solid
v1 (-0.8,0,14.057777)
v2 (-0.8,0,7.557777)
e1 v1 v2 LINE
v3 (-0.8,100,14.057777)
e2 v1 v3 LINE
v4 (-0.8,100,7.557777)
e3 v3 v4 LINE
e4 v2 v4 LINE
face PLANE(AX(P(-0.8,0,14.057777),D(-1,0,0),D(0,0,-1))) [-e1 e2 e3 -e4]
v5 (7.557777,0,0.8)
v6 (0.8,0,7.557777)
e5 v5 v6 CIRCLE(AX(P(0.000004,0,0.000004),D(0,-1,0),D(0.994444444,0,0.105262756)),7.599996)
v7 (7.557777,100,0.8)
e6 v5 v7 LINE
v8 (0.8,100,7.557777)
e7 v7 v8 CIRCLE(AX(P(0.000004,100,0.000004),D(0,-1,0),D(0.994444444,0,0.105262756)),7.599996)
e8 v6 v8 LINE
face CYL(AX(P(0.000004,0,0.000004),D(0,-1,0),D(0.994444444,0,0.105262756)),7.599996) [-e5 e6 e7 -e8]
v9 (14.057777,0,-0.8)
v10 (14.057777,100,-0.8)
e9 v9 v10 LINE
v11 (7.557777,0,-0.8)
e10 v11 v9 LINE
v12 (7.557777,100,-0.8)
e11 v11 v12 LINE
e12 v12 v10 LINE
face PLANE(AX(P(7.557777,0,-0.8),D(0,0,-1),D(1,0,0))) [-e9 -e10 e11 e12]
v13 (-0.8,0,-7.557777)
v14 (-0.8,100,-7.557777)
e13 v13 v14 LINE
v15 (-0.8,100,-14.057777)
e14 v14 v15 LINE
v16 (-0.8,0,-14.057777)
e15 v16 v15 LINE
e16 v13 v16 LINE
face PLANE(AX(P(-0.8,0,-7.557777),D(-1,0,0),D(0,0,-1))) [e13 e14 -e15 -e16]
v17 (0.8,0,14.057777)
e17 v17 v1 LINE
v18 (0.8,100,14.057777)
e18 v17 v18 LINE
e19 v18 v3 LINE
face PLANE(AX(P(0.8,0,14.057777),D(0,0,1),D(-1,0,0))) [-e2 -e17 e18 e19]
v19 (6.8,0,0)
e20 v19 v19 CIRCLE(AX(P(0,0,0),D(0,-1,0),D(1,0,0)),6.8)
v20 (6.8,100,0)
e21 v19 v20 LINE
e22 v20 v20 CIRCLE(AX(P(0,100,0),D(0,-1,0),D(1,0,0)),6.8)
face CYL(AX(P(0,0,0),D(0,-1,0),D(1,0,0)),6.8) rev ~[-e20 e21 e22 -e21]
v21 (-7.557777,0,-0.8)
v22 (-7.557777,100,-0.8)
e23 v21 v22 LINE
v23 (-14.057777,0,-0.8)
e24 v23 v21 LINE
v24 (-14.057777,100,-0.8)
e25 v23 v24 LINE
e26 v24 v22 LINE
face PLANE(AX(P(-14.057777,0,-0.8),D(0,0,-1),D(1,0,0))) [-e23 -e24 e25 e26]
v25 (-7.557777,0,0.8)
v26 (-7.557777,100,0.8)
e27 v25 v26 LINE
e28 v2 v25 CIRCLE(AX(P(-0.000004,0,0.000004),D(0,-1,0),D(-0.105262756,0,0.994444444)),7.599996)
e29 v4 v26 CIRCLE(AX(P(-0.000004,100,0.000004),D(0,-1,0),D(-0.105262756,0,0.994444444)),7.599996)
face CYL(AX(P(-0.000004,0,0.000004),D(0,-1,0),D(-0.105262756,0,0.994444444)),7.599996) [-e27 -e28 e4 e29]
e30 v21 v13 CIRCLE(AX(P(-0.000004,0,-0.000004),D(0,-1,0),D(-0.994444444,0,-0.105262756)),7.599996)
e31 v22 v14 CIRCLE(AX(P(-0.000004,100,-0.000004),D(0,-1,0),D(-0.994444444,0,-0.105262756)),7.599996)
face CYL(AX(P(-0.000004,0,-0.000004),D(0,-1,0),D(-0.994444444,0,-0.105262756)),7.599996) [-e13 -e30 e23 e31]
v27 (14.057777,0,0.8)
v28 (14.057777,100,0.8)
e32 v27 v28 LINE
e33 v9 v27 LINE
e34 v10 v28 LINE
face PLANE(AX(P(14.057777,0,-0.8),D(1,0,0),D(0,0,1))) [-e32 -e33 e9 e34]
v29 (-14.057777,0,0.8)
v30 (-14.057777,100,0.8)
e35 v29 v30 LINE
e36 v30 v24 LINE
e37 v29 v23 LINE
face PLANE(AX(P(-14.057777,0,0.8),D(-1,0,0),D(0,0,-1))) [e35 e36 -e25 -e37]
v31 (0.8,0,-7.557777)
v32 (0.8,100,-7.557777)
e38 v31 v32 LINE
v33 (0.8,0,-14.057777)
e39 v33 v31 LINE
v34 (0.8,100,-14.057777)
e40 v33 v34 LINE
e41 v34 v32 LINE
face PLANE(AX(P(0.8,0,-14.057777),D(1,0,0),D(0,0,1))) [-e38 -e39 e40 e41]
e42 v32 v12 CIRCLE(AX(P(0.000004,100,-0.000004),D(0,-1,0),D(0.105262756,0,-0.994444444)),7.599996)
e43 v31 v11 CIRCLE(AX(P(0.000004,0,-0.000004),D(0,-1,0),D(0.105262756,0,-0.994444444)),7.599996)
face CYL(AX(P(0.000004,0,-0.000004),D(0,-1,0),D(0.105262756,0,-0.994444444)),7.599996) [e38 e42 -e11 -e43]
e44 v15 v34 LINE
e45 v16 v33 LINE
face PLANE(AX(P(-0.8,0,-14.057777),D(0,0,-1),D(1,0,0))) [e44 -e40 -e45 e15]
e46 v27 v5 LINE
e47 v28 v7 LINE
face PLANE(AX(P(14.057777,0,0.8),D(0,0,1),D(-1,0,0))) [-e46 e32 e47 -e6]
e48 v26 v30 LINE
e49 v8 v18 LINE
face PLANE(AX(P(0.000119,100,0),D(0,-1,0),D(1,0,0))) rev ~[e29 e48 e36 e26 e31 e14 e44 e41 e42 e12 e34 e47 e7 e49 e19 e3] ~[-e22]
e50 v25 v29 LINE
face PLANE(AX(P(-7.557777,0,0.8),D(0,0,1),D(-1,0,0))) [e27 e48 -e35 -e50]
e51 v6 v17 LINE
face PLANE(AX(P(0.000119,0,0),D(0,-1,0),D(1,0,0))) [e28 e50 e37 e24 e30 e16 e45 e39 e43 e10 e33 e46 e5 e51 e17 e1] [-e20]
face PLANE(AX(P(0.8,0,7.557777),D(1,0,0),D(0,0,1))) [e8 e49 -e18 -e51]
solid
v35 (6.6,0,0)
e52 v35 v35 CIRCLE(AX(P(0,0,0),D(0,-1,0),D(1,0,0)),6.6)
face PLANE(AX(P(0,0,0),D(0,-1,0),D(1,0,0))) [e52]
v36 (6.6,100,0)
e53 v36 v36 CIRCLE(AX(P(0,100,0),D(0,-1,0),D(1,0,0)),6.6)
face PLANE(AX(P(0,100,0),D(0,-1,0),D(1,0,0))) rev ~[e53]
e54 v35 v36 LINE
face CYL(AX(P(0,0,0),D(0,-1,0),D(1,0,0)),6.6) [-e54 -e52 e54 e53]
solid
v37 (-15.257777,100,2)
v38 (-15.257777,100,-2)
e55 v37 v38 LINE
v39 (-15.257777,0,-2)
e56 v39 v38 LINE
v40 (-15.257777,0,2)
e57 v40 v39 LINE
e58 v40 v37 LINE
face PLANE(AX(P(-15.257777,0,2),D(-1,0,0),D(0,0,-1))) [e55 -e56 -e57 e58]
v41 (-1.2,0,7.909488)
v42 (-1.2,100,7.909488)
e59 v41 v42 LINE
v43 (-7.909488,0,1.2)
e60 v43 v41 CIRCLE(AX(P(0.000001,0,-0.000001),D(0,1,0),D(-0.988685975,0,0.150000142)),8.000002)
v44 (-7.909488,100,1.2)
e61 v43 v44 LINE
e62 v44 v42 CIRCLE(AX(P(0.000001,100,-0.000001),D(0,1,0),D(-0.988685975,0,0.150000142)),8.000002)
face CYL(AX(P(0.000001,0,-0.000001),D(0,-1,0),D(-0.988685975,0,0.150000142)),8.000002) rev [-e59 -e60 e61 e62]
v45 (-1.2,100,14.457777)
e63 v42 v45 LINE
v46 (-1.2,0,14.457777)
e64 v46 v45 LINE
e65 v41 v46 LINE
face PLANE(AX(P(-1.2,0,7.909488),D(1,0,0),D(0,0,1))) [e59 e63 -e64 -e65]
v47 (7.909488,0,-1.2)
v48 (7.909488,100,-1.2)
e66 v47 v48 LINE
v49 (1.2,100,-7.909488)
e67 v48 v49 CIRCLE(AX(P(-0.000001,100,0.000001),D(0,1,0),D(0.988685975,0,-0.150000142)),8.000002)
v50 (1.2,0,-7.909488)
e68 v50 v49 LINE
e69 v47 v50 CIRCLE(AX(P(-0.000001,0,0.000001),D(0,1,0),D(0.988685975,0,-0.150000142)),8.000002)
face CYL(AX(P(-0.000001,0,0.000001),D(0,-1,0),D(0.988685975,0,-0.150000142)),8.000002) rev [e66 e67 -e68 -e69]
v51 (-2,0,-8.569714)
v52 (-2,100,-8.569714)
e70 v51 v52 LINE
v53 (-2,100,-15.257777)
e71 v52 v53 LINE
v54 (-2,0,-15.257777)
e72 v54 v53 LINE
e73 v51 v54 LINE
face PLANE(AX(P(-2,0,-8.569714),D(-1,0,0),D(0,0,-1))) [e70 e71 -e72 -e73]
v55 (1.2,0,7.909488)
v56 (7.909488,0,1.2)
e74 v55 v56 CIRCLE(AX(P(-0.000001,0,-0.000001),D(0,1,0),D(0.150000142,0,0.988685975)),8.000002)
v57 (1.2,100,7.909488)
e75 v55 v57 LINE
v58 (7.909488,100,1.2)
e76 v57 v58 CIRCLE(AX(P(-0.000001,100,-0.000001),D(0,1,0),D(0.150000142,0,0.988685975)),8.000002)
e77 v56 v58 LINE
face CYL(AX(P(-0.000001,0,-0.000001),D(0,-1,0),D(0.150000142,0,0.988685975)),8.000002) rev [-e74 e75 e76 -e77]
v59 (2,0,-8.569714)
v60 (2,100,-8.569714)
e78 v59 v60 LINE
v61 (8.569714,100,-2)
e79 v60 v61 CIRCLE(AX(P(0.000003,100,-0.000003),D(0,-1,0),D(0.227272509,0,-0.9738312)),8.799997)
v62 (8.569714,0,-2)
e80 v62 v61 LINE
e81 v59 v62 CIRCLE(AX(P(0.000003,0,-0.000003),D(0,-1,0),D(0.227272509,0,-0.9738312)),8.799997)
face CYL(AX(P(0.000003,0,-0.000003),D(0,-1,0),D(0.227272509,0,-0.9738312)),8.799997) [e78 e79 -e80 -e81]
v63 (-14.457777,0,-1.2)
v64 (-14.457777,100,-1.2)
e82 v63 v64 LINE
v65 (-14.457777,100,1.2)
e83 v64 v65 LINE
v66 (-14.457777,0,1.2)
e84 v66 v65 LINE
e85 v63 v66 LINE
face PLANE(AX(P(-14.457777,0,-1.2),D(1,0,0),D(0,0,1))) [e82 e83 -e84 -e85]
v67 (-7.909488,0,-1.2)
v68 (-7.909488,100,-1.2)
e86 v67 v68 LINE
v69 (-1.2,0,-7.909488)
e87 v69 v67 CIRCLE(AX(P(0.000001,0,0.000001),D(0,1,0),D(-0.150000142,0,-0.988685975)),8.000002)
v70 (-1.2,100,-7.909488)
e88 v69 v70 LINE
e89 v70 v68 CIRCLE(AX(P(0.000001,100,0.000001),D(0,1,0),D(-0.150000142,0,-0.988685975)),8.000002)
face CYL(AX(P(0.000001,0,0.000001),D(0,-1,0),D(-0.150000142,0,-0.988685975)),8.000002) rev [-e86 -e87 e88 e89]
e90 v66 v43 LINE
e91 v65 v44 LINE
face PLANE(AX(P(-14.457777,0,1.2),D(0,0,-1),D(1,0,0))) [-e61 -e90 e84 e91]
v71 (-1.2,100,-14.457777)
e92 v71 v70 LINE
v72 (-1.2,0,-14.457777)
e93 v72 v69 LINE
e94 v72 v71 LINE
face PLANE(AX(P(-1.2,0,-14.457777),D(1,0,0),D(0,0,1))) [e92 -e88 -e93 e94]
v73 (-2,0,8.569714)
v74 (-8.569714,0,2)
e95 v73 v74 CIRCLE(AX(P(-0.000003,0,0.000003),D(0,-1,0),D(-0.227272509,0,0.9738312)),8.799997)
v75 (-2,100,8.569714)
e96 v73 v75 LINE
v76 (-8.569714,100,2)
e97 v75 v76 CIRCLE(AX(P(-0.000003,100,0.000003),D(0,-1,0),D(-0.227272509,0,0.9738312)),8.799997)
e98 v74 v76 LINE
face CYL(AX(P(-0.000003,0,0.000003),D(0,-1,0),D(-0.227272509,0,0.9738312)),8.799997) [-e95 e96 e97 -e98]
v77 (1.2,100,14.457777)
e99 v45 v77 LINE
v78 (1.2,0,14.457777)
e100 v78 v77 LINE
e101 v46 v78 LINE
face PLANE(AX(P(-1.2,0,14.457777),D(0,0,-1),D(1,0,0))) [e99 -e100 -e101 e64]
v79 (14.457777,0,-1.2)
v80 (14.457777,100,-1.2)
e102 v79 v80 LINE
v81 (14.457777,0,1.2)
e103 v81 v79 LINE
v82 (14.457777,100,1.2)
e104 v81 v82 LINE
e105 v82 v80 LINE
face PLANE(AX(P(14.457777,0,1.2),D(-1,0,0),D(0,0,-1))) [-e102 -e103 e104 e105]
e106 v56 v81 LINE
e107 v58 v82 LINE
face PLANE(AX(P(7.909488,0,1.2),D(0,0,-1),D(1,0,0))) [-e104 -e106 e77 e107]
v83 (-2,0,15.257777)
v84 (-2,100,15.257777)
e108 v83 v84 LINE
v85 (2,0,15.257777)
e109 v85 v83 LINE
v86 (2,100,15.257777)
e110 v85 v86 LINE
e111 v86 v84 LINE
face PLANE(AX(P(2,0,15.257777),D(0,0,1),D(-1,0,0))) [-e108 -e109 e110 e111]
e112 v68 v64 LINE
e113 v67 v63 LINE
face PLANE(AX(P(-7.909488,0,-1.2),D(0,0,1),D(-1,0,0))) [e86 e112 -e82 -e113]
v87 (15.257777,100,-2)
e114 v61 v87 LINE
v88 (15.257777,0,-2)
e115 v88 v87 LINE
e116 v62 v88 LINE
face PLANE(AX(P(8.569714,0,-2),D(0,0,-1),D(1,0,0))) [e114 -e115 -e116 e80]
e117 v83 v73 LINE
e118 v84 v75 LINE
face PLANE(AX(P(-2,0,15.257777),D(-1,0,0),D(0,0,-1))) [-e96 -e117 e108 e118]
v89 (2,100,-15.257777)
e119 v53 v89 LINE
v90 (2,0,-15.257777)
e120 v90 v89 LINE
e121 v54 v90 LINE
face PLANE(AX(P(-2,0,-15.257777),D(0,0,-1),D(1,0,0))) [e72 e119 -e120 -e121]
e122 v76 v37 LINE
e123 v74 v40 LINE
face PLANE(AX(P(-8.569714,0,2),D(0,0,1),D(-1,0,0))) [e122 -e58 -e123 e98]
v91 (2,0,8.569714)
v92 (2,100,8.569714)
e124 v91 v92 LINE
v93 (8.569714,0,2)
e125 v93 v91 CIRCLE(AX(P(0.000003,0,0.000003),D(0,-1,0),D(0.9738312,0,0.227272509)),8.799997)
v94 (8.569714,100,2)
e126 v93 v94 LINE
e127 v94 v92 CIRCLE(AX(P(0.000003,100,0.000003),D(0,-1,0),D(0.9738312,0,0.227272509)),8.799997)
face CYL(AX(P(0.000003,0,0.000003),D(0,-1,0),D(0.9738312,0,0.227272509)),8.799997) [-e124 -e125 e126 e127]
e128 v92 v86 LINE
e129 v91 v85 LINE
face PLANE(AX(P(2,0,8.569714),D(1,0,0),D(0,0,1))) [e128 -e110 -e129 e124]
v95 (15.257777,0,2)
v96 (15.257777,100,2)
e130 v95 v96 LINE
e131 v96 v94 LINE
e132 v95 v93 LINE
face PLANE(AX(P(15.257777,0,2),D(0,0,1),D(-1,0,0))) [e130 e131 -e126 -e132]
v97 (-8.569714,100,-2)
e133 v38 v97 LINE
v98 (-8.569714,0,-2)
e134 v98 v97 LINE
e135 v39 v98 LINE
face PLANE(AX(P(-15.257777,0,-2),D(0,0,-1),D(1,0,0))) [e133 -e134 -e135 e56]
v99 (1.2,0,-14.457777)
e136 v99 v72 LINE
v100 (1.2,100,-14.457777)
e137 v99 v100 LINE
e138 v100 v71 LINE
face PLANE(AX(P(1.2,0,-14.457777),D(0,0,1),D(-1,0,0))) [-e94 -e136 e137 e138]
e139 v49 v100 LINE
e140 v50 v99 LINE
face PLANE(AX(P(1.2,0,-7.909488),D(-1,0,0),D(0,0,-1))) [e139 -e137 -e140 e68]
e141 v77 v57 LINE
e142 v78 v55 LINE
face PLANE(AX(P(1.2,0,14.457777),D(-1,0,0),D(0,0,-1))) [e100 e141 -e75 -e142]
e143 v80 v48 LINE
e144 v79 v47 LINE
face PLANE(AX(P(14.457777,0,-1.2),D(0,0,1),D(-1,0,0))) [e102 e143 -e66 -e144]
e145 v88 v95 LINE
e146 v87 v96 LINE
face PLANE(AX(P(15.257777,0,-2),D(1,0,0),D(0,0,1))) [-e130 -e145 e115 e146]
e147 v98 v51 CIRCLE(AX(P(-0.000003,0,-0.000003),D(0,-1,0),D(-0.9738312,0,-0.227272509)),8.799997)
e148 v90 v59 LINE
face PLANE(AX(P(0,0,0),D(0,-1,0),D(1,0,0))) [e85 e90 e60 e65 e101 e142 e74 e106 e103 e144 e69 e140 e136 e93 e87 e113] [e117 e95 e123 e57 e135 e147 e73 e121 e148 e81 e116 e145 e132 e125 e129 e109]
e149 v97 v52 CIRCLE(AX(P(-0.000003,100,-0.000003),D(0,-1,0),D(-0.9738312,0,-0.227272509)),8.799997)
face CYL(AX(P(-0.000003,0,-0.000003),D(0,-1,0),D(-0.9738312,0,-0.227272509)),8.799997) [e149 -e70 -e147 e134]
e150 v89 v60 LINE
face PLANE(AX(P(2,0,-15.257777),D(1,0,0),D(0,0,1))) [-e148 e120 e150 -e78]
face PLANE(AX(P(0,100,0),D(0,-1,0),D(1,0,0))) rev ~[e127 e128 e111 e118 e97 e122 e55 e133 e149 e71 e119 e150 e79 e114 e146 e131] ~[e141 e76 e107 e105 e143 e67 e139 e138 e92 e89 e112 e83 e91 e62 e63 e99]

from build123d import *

# Parameters (mm, degrees)
F0_R     = 6.6
F1_DEPTH = 100
F0_R_2   = 6.8
F2_DEPTH = 100
F3_DEPTH = 100


with BuildPart() as f1:
    # F0 (on Front) → F1 (new body)
    with BuildSketch(Plane.XZ):
        Circle(F0_R)
    extrude(amount=-F1_DEPTH)


with BuildPart() as f2:
    # F0 (on Front) → F2 (new body)
    with BuildSketch(Plane.XZ):
        with BuildLine():
            ThreePointArc((7.557777, -0.8), (7.589437, -0.400557), (7.6, 0))
            ThreePointArc((7.6, 0), (7.589437, 0.400557), (7.557777, 0.8))
            ThreePointArc((7.557777, 0.8), (5.374012, 5.374012), (0.8, 7.557777))
            ThreePointArc((0.8, 7.557777), (0, 7.6), (-0.8, 7.557777))
            ThreePointArc((-0.8, 7.557777), (-5.374012, 5.374012), (-7.557777, 0.8))
            ThreePointArc((-7.557777, 0.8), (-7.6, 0), (-7.557777, -0.8))
            ThreePointArc((-7.557777, -0.8), (-5.374012, -5.374012), (-0.8, -7.557777))
            ThreePointArc((-0.8, -7.557777), (0, -7.6), (0.8, -7.557777))
            ThreePointArc((0.8, -7.557777), (5.374012, -5.374012), (7.557777, -0.8))
        make_face()
        Circle(F0_R_2, mode=Mode.SUBTRACT)
        with BuildLine():
            ThreePointArc((-0.8, 7.557777), (0, 7.6), (0.8, 7.557777))
            Line((0.8, 7.557777), (0.8, 14.057777))
            Line((0.8, 14.057777), (-0.8, 14.057777))
            Line((-0.8, 14.057777), (-0.8, 7.557777))
        make_face()
        with BuildLine():
            ThreePointArc((7.557777, 0.8), (7.589437, 0.400557), (7.6, 0))
            ThreePointArc((7.6, 0), (7.589437, -0.400557), (7.557777, -0.8))
            Line((7.557777, -0.8), (14.057777, -0.8))
            Line((14.057777, -0.8), (14.057777, 0.8))
            Line((14.057777, 0.8), (7.557777, 0.8))
        make_face()
        with BuildLine():
            ThreePointArc((-7.557777, -0.8), (-7.6, 0), (-7.557777, 0.8))
            Line((-7.557777, 0.8), (-14.057777, 0.8))
            Line((-14.057777, 0.8), (-14.057777, -0.8))
            Line((-14.057777, -0.8), (-7.557777, -0.8))
        make_face()
        with BuildLine():
            Line((0.8, -14.057777), (0.8, -7.557777))
            ThreePointArc((0.8, -7.557777), (0, -7.6), (-0.8, -7.557777))
            Line((-0.8, -7.557777), (-0.8, -14.057777))
            Line((-0.8, -14.057777), (0.8, -14.057777))
        make_face()
    extrude(amount=-F2_DEPTH)


with BuildPart() as f3:
    # F0 (on Front) → F3 (new body)
    with BuildSketch(Plane.XZ):
        with BuildLine():
            ThreePointArc((-2, 8.569714), (-6.22254, 6.22254), (-8.569714, 2))
            Line((-8.569714, 2), (-15.257777, 2))
            Line((-15.257777, 2), (-15.257777, -2))
            Line((-15.257777, -2), (-8.569714, -2))
            ThreePointArc((-8.569714, -2), (-6.22254, -6.22254), (-2, -8.569714))
            Line((-2, -8.569714), (-2, -15.257777))
            Line((-2, -15.257777), (2, -15.257777))
            Line((2, -15.257777), (2, -8.569714))
            ThreePointArc((2, -8.569714), (6.22254, -6.22254), (8.569714, -2))
            Line((8.569714, -2), (15.257777, -2))
            Line((15.257777, -2), (15.257777, 2))
            Line((15.257777, 2), (8.569714, 2))
            ThreePointArc((8.569714, 2), (6.22254, 6.22254), (2, 8.569714))
            Line((2, 8.569714), (2, 15.257777))
            Line((2, 15.257777), (-2, 15.257777))
            Line((-2, 15.257777), (-2, 8.569714))
        make_face()
        with BuildLine():
            Line((-7.909488, -1.2), (-14.457777, -1.2))
            Line((-14.457777, -1.2), (-14.457777, 1.2))
            Line((-14.457777, 1.2), (-7.909488, 1.2))
            ThreePointArc((-7.909488, 1.2), (-5.656854, 5.656854), (-1.2, 7.909488))
            Line((-1.2, 7.909488), (-1.2, 14.457777))
            Line((-1.2, 14.457777), (1.2, 14.457777))
            Line((1.2, 14.457777), (1.2, 7.909488))
            ThreePointArc((1.2, 7.909488), (5.656854, 5.656854), (7.909488, 1.2))
            Line((7.909488, 1.2), (14.457777, 1.2))
            Line((14.457777, 1.2), (14.457777, -1.2))
            Line((14.457777, -1.2), (7.909488, -1.2))
            ThreePointArc((7.909488, -1.2), (5.656854, -5.656854), (1.2, -7.909488))
            Line((1.2, -7.909488), (1.2, -14.457777))
            Line((1.2, -14.457777), (-1.2, -14.457777))
            Line((-1.2, -14.457777), (-1.2, -7.909488))
            ThreePointArc((-1.2, -7.909488), (-5.656854, -5.656854), (-7.909488, -1.2))
        make_face(mode=Mode.SUBTRACT)
    extrude(amount=-F3_DEPTH)


solid = Compound([f1.part, f2.part, f3.part])
